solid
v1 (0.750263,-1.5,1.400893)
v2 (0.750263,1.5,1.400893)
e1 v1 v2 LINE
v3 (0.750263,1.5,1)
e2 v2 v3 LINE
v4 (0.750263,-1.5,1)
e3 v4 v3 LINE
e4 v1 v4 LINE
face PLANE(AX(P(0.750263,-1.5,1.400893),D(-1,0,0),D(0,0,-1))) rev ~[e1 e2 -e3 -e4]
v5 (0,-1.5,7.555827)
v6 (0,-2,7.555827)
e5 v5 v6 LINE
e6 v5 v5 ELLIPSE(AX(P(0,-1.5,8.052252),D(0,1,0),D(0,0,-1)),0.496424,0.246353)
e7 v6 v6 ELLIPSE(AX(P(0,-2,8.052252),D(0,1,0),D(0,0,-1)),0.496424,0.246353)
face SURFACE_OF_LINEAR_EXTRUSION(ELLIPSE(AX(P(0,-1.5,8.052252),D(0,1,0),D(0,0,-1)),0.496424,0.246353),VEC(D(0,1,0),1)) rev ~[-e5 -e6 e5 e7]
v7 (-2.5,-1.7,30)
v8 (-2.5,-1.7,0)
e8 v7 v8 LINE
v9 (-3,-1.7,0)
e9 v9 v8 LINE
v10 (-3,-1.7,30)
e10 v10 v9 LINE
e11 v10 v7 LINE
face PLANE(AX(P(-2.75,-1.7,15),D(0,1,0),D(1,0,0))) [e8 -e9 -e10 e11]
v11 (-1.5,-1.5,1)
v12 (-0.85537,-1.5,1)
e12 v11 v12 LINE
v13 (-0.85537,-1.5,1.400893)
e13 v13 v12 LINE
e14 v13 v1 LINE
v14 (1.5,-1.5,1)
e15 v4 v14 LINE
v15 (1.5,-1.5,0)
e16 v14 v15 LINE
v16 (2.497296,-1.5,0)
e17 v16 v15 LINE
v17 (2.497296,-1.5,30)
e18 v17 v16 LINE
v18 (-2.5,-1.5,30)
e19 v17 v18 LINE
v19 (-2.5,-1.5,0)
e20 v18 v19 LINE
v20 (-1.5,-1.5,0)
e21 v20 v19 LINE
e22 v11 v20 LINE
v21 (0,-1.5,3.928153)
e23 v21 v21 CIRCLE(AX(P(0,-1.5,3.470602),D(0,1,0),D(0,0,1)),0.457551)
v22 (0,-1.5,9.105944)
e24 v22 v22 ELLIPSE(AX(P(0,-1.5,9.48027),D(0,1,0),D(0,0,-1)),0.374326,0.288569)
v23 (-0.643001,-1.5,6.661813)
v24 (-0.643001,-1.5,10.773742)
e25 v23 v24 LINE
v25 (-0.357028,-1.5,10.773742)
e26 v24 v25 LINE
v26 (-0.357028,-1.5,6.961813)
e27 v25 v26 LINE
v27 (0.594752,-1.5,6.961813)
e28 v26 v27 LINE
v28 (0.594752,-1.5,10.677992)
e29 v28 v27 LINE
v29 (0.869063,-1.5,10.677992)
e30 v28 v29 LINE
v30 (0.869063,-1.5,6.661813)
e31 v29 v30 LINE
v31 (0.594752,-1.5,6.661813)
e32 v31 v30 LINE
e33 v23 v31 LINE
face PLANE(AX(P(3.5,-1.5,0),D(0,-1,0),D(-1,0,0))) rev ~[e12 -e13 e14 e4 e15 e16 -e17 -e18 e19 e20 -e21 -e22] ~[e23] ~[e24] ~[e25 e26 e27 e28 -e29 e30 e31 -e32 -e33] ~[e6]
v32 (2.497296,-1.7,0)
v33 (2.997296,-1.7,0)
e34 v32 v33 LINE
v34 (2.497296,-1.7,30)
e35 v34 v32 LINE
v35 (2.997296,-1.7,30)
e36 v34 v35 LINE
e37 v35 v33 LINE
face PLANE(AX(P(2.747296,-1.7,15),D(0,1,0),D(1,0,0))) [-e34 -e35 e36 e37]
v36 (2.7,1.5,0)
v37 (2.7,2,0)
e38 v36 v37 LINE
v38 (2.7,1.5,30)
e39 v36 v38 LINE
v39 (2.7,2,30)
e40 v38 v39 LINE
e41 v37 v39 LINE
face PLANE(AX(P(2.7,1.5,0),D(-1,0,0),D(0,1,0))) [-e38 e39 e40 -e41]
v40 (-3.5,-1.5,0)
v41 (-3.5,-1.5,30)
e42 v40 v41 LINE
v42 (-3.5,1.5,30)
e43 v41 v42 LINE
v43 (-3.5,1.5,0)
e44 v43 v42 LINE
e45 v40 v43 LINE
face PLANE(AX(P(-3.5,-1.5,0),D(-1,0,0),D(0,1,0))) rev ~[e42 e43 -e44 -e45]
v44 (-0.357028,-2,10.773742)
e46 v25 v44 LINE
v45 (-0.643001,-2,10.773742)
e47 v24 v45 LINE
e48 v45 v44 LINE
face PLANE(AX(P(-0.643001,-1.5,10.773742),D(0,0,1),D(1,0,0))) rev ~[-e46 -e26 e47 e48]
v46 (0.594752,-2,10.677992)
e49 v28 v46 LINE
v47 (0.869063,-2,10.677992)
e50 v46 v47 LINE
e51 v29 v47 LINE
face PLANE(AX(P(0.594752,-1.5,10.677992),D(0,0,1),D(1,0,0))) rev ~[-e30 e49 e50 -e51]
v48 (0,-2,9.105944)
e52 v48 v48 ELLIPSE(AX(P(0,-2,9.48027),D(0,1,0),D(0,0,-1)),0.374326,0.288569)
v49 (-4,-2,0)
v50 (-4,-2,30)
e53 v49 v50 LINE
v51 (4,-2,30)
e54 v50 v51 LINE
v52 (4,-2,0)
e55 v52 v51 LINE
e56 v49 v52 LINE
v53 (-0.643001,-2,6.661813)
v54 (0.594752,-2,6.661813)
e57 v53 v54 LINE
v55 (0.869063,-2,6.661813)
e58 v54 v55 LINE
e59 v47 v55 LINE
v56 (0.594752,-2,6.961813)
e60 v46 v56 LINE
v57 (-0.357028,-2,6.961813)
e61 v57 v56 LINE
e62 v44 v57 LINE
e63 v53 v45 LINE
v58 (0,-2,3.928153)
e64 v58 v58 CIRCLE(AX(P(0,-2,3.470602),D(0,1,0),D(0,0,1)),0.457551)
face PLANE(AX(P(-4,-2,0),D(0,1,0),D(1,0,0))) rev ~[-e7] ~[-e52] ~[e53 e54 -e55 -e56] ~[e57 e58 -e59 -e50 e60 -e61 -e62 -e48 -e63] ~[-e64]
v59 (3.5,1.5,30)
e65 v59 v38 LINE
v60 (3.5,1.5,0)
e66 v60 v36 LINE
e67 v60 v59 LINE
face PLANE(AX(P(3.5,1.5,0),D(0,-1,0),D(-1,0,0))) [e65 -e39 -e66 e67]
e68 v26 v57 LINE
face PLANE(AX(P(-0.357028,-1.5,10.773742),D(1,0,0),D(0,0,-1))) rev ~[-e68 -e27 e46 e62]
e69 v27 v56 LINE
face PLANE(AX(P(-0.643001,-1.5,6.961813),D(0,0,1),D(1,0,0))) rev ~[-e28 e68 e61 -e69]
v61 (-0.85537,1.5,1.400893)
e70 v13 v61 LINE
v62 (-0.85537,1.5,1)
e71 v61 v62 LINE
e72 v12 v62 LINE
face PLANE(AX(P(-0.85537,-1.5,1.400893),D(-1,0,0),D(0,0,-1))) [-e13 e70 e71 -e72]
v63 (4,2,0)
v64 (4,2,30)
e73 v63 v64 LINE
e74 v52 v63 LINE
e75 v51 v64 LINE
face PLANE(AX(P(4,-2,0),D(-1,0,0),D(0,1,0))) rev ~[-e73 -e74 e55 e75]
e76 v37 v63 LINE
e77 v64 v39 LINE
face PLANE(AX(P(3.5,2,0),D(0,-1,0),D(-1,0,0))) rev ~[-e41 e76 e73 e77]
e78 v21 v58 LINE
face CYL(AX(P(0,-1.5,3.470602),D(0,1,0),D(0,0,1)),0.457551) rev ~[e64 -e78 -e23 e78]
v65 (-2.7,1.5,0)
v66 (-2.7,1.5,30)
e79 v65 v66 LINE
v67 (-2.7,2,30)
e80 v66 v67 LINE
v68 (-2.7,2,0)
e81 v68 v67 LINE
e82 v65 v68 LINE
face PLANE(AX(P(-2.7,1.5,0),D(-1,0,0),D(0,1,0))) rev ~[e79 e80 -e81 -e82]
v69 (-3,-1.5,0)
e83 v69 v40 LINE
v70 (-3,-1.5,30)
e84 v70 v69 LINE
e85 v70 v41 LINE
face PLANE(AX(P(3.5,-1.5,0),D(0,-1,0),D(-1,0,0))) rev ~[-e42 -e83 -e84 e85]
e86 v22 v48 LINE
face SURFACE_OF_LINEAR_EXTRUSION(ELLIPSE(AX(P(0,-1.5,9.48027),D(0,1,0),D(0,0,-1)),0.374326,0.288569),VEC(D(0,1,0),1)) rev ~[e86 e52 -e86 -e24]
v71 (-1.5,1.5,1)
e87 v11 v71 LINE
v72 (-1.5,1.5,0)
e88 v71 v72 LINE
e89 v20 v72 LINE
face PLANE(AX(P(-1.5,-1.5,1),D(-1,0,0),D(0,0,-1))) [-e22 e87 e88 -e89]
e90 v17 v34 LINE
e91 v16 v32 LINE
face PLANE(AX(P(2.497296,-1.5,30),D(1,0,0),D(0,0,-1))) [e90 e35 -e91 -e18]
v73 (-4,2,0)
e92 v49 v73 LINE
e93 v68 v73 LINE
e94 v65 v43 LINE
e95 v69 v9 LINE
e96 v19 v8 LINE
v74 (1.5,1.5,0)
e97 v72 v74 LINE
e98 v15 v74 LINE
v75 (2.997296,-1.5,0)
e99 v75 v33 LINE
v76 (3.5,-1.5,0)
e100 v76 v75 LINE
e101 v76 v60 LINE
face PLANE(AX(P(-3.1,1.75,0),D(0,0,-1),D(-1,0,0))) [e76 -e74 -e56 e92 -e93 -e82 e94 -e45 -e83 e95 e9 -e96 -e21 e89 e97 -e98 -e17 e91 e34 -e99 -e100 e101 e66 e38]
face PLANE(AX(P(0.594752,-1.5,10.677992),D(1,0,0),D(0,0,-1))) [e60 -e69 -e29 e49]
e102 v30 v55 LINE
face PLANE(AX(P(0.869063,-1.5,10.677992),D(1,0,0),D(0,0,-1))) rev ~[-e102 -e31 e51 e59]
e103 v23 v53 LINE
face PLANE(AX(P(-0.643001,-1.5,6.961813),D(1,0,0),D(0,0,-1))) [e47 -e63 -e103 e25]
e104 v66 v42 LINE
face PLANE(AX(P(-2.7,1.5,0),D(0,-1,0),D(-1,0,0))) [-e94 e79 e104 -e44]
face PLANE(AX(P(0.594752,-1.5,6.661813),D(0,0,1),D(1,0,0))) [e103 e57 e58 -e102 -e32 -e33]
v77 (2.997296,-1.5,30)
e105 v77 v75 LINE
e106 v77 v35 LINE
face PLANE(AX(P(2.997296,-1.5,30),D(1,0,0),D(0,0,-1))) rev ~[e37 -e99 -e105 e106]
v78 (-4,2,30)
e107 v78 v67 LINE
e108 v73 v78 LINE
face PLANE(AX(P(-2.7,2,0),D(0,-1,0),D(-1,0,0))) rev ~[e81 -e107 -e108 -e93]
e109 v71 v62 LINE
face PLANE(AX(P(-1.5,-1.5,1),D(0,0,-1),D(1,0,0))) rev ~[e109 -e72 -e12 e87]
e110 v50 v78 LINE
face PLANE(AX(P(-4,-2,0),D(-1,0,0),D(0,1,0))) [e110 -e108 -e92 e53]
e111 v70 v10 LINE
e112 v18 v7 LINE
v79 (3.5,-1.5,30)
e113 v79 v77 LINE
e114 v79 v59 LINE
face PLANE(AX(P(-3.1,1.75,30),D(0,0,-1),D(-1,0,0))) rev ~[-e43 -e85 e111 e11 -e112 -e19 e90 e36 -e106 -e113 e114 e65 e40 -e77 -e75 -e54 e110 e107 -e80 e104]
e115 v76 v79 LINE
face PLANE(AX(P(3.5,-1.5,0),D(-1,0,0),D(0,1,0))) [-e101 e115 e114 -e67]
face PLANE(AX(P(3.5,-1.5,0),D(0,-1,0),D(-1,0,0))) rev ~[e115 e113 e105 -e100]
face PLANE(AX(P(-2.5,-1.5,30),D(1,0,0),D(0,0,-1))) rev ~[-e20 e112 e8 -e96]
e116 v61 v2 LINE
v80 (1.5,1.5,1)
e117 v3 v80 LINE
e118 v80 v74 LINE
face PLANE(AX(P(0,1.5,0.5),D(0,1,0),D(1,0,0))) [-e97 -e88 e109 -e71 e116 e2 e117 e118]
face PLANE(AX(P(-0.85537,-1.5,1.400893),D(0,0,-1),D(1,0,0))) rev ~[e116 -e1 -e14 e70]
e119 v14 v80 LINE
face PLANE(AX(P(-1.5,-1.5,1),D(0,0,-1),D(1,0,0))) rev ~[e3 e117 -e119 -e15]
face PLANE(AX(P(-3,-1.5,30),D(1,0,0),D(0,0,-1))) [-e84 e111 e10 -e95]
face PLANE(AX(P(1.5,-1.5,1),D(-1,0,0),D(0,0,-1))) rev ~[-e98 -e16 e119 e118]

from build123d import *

# Parameters (mm, degrees)
SKETCH_9_W           = 8
SKETCH_9_H           = 4
EXTRUDE_3_DEPTH      = 30
SKETCH_12_W          = 7
SKETCH_12_H          = 3.5
CUT_EXTRUDE_6_DEPTH  = 30
SKETCH_19_W          = 3
SKETCH_19_H          = 1
EXTRUDE_5_DEPTH      = 3
SKETCH_20_W          = 1.605632867
SKETCH_20_H          = 0.400892845
EXTRUDE_6_DEPTH      = 3
SKETCH_22_W          = 0.5
SKETCH_22_H          = 30
CUT_EXTRUDE_7_DEPTH  = 0.2
SKETCH_24_W          = 0.5
SKETCH_24_H          = 30
CUT_EXTRUDE_8_DEPTH  = 0.2
SKETCH_25_R          = 0.457551157
CUT_EXTRUDE_9_DEPTH  = 0.5
SKETCH_26_RX         = 0.496424447
SKETCH_26_RY         = 0.246353064
CUT_EXTRUDE_10_DEPTH = 0.5
SKETCH_27_RX         = 0.374325804
SKETCH_27_RY         = 0.288568922
CUT_EXTRUDE_11_DEPTH = 0.5
SKETCH_28_W          = 0.274311356
SKETCH_28_H          = 4.016178833
CUT_EXTRUDE_12_DEPTH = 0.5
SKETCH_29_W          = 1.237753382
SKETCH_29_H          = 0.3
CUT_EXTRUDE_13_DEPTH = 0.5
SKETCH_31_W          = 0.285973064
SKETCH_31_H          = 3.811928928
CUT_EXTRUDE_14_DEPTH = 0.5
SKETCH_32_W          = 0.8
SKETCH_32_H          = 0.5
EXTRUDE_7_DEPTH      = 30
SKETCH_33_W          = 0.8
SKETCH_33_H          = 0.5
EXTRUDE_8_DEPTH      = 30


with BuildPart() as part:
    # 草圖9 → 填料-伸長3 (new body)
    with BuildSketch(Plane.XY):
        Rectangle(SKETCH_9_W, SKETCH_9_H)
    extrude(amount=EXTRUDE_3_DEPTH)

    # 草圖12 → 除料-伸長6 (cut)
    with BuildSketch(Plane(origin=(0, 0, 0), x_dir=(-1, 0, 0), z_dir=(0, 0, -1))):
        with Locations((0, 0.25)):
            Rectangle(SKETCH_12_W, SKETCH_12_H)
    extrude(amount=-CUT_EXTRUDE_6_DEPTH, mode=Mode.SUBTRACT)

    # 草圖19 → 填料-伸長5 (add)
    with BuildSketch(Plane(origin=(0, -1.5, 0), x_dir=(1, 0, 0), z_dir=(0, 1, 0))):
        with Locations((0, -0.5)):
            Rectangle(SKETCH_19_W, SKETCH_19_H)
    extrude(amount=EXTRUDE_5_DEPTH)

    # 草圖20 → 填料-伸長6 (add)
    with BuildSketch(Plane(origin=(0, -1.5, 0), x_dir=(1, 0, 0), z_dir=(0, 1, 0))):
        with Locations((-0.052553258, -1.200446422)):
            Rectangle(SKETCH_20_W, SKETCH_20_H)
    extrude(amount=EXTRUDE_6_DEPTH)

    # 草圖22 → 除料-伸長7 (cut)
    with BuildSketch(Plane(origin=(0, -1.5, 0), x_dir=(1, 0, 0), z_dir=(0, 1, 0))):
        with Locations((-2.75, -15)):
            Rectangle(SKETCH_22_W, SKETCH_22_H)
    extrude(amount=-CUT_EXTRUDE_7_DEPTH, mode=Mode.SUBTRACT)

    # 草圖24 → 除料-伸長8 (cut)
    with BuildSketch(Plane(origin=(0, -1.5, 0), x_dir=(1, 0, 0), z_dir=(0, 1, 0))):
        with Locations((2.747295887, -15)):
            Rectangle(SKETCH_24_W, SKETCH_24_H)
    extrude(amount=-CUT_EXTRUDE_8_DEPTH, mode=Mode.SUBTRACT)

    # 草圖25 → 除料-伸長9 (cut)
    with BuildSketch(Plane(origin=(0, -1.5, 0), x_dir=(1, 0, 0), z_dir=(0, 1, 0))):
        with Locations(Location((0, -3.470601741, 0), (0, 0, 270))):
            Circle(SKETCH_25_R)
    extrude(amount=-CUT_EXTRUDE_9_DEPTH, mode=Mode.SUBTRACT)

    # 草圖26 → 除料-伸長10 (cut)
    with BuildSketch(Plane(origin=(0, -1.5, 0), x_dir=(1, 0, 0), z_dir=(0, 1, 0))):
        with Locations(Location((0, -8.0522519), (0, 0, 90))):
            Ellipse(SKETCH_26_RX, SKETCH_26_RY)
    extrude(amount=-CUT_EXTRUDE_10_DEPTH, mode=Mode.SUBTRACT)

    # 草圖27 → 除料-伸長11 (cut)
    with BuildSketch(Plane(origin=(0, -1.5, 0), x_dir=(1, 0, 0), z_dir=(0, 1, 0))):
        with Locations(Location((0, -9.480269605), (0, 0, 90))):
            Ellipse(SKETCH_27_RX, SKETCH_27_RY)
    extrude(amount=-CUT_EXTRUDE_11_DEPTH, mode=Mode.SUBTRACT)

    # 草圖28 → 除料-伸長12 (cut)
    with BuildSketch(Plane(origin=(0, -1.5, 0), x_dir=(1, 0, 0), z_dir=(0, 1, 0))):
        with Locations((0.731907804, -8.669902249)):
            Rectangle(SKETCH_28_W, SKETCH_28_H)
    extrude(amount=-CUT_EXTRUDE_12_DEPTH, mode=Mode.SUBTRACT)

    # 草圖29 → 除料-伸長13 (cut)
    with BuildSketch(Plane(origin=(0, -1.5, 0), x_dir=(1, 0, 0), z_dir=(0, 1, 0))):
        with Locations((-0.024124565, -6.811812832)):
            Rectangle(SKETCH_29_W, SKETCH_29_H)
    extrude(amount=-CUT_EXTRUDE_13_DEPTH, mode=Mode.SUBTRACT)

    # 草圖31 → 除料-伸長14 (cut)
    with BuildSketch(Plane(origin=(0, -1.5, 0), x_dir=(1, 0, 0), z_dir=(0, 1, 0))):
        with Locations((-0.500014724, -8.867777296)):
            Rectangle(SKETCH_31_W, SKETCH_31_H)
    extrude(amount=-CUT_EXTRUDE_14_DEPTH, mode=Mode.SUBTRACT)

    # 草圖32 → 填料-伸長7 (add)
    with BuildSketch(Plane(origin=(0, 0, 0), x_dir=(-1, 0, 0), z_dir=(0, 0, -1))):
        with Locations((-3.1, 1.75)):
            Rectangle(SKETCH_32_W, SKETCH_32_H)
    extrude(amount=-EXTRUDE_7_DEPTH)

    # 草圖33 → 填料-伸長8 (add)
    with BuildSketch(Plane(origin=(0, 0, 0), x_dir=(-1, 0, 0), z_dir=(0, 0, -1))):
        with Locations((3.1, 1.75)):
            Rectangle(SKETCH_33_W, SKETCH_33_H)
    extrude(amount=-EXTRUDE_8_DEPTH)


solid = part.part
